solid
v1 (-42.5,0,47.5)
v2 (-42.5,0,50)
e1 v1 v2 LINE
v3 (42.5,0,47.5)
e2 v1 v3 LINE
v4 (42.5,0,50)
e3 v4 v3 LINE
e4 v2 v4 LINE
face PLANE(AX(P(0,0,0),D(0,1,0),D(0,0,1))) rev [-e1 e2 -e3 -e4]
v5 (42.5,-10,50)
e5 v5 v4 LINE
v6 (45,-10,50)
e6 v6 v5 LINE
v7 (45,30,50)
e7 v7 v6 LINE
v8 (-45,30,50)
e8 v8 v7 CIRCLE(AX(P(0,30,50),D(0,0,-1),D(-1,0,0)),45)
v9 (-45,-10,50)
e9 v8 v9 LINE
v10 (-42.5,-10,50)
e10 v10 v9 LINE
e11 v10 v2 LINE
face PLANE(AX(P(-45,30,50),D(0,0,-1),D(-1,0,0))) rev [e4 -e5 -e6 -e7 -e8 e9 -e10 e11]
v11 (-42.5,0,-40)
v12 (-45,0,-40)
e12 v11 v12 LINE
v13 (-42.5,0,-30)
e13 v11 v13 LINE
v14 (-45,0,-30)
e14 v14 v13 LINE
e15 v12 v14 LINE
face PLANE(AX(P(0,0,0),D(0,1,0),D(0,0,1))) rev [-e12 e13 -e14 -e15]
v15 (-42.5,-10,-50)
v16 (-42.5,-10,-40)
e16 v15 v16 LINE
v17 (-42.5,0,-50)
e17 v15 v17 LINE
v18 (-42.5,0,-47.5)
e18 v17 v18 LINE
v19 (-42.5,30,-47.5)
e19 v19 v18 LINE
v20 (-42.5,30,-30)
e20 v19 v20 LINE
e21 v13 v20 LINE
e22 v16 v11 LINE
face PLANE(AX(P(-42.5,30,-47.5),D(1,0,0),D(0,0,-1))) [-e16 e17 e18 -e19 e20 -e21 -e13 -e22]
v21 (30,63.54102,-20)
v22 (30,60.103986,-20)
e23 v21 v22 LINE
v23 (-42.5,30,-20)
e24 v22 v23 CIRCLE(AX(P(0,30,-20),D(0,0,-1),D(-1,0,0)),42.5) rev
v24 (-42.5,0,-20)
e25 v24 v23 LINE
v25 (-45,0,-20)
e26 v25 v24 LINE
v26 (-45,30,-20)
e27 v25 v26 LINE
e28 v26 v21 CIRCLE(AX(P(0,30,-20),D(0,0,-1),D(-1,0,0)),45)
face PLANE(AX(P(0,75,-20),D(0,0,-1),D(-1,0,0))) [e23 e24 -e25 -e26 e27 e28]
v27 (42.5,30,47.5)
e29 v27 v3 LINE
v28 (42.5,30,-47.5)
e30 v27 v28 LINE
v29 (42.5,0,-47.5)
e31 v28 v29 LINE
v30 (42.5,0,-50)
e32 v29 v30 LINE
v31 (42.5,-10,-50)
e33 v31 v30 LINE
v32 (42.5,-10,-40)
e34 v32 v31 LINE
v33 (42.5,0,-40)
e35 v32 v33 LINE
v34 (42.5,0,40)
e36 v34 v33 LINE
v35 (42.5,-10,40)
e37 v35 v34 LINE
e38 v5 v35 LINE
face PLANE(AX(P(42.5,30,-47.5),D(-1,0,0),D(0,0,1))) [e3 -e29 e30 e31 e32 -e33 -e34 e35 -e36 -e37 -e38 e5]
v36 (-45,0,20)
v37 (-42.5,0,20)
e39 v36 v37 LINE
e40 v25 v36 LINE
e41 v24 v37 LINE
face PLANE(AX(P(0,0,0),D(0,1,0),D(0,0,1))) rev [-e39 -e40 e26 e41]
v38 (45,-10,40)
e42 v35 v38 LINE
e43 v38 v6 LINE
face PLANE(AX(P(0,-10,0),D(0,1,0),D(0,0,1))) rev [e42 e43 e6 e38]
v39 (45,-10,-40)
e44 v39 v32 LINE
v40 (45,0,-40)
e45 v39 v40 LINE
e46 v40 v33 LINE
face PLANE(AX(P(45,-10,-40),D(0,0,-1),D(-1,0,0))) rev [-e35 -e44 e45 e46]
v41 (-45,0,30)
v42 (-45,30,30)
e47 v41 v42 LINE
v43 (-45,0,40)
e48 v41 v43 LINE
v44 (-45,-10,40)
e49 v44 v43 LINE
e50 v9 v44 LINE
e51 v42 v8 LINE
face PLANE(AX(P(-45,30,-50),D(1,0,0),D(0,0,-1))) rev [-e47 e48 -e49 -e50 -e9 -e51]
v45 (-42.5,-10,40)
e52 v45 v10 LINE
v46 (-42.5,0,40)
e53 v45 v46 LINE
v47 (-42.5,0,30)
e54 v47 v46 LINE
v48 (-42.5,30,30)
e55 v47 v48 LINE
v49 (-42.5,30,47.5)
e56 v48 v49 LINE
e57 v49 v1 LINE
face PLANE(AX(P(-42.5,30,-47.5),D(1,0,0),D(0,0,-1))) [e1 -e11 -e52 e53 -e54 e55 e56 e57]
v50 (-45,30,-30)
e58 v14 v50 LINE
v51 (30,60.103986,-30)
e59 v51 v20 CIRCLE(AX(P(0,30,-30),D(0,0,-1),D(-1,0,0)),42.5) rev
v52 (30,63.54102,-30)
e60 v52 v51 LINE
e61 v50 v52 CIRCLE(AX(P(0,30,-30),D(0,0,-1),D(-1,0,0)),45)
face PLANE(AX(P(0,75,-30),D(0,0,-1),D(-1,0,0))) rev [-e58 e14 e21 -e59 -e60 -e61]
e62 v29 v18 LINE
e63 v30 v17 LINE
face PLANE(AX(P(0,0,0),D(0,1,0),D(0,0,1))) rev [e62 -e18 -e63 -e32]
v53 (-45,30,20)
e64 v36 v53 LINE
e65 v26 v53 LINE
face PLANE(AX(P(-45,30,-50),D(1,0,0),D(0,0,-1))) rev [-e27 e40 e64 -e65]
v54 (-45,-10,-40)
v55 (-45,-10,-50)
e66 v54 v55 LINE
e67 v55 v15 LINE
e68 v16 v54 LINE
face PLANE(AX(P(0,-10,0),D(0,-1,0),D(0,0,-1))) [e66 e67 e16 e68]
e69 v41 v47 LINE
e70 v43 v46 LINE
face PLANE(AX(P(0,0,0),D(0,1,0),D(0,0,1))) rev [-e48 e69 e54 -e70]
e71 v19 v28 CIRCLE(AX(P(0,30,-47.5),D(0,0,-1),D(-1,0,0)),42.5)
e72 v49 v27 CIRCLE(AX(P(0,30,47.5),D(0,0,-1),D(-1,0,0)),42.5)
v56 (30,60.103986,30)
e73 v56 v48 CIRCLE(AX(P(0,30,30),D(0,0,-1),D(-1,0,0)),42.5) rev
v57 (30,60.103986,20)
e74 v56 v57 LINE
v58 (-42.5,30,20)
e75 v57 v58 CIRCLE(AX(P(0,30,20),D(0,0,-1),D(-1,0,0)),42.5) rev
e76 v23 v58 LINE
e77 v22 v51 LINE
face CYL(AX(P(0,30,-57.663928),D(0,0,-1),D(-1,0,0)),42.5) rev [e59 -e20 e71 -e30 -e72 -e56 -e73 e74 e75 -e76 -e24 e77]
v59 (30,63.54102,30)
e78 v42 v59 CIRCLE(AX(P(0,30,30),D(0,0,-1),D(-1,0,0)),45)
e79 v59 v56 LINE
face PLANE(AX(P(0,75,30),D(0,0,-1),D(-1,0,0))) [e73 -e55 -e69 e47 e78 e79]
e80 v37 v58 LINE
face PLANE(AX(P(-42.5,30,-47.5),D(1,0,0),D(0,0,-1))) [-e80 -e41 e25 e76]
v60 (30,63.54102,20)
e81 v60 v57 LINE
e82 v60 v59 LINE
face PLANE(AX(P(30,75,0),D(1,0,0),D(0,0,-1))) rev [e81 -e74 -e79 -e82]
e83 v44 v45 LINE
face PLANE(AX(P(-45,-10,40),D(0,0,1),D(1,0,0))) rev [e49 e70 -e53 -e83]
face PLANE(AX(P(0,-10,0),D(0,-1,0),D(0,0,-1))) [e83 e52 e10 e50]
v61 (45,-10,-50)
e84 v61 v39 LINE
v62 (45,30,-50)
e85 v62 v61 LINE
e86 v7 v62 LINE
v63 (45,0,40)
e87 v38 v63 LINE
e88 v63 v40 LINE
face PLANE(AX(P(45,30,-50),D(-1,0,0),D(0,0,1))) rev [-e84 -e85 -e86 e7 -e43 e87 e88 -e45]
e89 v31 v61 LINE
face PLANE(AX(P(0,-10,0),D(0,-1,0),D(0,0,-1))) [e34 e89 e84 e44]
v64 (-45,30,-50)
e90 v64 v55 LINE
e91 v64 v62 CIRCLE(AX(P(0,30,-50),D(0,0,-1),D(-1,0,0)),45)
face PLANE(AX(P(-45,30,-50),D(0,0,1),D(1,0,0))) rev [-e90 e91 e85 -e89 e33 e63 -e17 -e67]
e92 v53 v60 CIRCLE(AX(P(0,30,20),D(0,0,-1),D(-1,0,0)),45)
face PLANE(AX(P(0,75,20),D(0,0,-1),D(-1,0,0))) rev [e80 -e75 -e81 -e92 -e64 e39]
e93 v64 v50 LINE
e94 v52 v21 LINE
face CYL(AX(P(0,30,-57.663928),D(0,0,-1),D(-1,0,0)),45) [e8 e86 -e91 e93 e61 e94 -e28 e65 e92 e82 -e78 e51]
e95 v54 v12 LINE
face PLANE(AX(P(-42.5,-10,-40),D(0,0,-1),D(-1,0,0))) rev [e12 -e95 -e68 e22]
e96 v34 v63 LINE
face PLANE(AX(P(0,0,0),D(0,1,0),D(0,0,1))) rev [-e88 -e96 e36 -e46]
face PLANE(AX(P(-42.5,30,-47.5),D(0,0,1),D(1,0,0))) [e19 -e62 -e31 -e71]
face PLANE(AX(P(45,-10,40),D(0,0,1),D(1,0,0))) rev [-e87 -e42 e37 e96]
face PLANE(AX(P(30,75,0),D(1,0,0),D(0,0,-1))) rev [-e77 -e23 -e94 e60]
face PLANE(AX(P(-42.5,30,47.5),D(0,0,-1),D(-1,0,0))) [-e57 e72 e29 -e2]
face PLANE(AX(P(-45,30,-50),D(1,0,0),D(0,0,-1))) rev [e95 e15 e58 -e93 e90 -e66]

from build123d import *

# Parameters (mm, degrees)
SKETCH1_W           = 90
SKETCH1_H           = 100
SKETCH1_W_2         = 85
SKETCH1_H_2         = 95
BOSS_EXTRUDE1_DEPTH = 30
SKETCH2_W           = 2.5
SKETCH2_H           = 10
BOSS_EXTRUDE2_DEPTH = 10
REVOLVE1_ANGLE      = 180
CUT_EXTRUDE1_DEPTH  = 76


with BuildPart() as part:
    # Sketch1 → Boss-Extrude1 (new body)
    with BuildSketch(Plane(origin=(0, 0, 0), x_dir=(1, 0, 0), z_dir=(0, 1, 0))):
        Rectangle(SKETCH1_W, SKETCH1_H)
        Rectangle(SKETCH1_W_2, SKETCH1_H_2, mode=Mode.SUBTRACT)
    extrude(amount=BOSS_EXTRUDE1_DEPTH)

    # Sketch2 → Boss-Extrude2 (add)
    with BuildSketch(Plane.XZ):
        Polygon((-42.5, 47.5), (-42.5, 50), (-45, 50), (-45, 40), (-42.5, 40), align=None)
        Polygon((42.5, 47.5), (42.5, 50), (45, 50), (45, 40), (42.5, 40), align=None)
        Polygon((-42.5, -47.5), (-42.5, -40), (-45, -40), (-45, -50), (-42.5, -50), align=None)
        with Locations((43.75, -45)):
            Rectangle(SKETCH2_W, SKETCH2_H)
    extrude(amount=BOSS_EXTRUDE2_DEPTH)

    # Sketch4 → Revolve1 (revolve)
    with BuildSketch(Plane(origin=(0, 30, 0), x_dir=(1, 0, 0), z_dir=(0, 1, 0))):
        Polygon((45, 50), (45, -50), (0, -50), (0, -47.5), (42.5, -47.5), (42.5, 47.5), (0, 47.5), (0, 50), align=None)
    revolve(axis=Axis((0, 30, -57.663927553), (0, 0, 1)), revolution_arc=REVOLVE1_ANGLE)

    # Sketch5 → Cut-Extrude1 (cut, through all)
    with BuildSketch(Plane(origin=(0, 0, 0), x_dir=(1, 0, 0), z_dir=(0, 1, 0))):
        Polygon((30, 30), (-90, 30), (-90, -30), (30, -30), (30, -20), (-80, -20), (-80, -10), (-80, 10), (-80, 20), (30, 20), align=None)
    extrude(amount=CUT_EXTRUDE1_DEPTH, mode=Mode.SUBTRACT)


solid = part.part
